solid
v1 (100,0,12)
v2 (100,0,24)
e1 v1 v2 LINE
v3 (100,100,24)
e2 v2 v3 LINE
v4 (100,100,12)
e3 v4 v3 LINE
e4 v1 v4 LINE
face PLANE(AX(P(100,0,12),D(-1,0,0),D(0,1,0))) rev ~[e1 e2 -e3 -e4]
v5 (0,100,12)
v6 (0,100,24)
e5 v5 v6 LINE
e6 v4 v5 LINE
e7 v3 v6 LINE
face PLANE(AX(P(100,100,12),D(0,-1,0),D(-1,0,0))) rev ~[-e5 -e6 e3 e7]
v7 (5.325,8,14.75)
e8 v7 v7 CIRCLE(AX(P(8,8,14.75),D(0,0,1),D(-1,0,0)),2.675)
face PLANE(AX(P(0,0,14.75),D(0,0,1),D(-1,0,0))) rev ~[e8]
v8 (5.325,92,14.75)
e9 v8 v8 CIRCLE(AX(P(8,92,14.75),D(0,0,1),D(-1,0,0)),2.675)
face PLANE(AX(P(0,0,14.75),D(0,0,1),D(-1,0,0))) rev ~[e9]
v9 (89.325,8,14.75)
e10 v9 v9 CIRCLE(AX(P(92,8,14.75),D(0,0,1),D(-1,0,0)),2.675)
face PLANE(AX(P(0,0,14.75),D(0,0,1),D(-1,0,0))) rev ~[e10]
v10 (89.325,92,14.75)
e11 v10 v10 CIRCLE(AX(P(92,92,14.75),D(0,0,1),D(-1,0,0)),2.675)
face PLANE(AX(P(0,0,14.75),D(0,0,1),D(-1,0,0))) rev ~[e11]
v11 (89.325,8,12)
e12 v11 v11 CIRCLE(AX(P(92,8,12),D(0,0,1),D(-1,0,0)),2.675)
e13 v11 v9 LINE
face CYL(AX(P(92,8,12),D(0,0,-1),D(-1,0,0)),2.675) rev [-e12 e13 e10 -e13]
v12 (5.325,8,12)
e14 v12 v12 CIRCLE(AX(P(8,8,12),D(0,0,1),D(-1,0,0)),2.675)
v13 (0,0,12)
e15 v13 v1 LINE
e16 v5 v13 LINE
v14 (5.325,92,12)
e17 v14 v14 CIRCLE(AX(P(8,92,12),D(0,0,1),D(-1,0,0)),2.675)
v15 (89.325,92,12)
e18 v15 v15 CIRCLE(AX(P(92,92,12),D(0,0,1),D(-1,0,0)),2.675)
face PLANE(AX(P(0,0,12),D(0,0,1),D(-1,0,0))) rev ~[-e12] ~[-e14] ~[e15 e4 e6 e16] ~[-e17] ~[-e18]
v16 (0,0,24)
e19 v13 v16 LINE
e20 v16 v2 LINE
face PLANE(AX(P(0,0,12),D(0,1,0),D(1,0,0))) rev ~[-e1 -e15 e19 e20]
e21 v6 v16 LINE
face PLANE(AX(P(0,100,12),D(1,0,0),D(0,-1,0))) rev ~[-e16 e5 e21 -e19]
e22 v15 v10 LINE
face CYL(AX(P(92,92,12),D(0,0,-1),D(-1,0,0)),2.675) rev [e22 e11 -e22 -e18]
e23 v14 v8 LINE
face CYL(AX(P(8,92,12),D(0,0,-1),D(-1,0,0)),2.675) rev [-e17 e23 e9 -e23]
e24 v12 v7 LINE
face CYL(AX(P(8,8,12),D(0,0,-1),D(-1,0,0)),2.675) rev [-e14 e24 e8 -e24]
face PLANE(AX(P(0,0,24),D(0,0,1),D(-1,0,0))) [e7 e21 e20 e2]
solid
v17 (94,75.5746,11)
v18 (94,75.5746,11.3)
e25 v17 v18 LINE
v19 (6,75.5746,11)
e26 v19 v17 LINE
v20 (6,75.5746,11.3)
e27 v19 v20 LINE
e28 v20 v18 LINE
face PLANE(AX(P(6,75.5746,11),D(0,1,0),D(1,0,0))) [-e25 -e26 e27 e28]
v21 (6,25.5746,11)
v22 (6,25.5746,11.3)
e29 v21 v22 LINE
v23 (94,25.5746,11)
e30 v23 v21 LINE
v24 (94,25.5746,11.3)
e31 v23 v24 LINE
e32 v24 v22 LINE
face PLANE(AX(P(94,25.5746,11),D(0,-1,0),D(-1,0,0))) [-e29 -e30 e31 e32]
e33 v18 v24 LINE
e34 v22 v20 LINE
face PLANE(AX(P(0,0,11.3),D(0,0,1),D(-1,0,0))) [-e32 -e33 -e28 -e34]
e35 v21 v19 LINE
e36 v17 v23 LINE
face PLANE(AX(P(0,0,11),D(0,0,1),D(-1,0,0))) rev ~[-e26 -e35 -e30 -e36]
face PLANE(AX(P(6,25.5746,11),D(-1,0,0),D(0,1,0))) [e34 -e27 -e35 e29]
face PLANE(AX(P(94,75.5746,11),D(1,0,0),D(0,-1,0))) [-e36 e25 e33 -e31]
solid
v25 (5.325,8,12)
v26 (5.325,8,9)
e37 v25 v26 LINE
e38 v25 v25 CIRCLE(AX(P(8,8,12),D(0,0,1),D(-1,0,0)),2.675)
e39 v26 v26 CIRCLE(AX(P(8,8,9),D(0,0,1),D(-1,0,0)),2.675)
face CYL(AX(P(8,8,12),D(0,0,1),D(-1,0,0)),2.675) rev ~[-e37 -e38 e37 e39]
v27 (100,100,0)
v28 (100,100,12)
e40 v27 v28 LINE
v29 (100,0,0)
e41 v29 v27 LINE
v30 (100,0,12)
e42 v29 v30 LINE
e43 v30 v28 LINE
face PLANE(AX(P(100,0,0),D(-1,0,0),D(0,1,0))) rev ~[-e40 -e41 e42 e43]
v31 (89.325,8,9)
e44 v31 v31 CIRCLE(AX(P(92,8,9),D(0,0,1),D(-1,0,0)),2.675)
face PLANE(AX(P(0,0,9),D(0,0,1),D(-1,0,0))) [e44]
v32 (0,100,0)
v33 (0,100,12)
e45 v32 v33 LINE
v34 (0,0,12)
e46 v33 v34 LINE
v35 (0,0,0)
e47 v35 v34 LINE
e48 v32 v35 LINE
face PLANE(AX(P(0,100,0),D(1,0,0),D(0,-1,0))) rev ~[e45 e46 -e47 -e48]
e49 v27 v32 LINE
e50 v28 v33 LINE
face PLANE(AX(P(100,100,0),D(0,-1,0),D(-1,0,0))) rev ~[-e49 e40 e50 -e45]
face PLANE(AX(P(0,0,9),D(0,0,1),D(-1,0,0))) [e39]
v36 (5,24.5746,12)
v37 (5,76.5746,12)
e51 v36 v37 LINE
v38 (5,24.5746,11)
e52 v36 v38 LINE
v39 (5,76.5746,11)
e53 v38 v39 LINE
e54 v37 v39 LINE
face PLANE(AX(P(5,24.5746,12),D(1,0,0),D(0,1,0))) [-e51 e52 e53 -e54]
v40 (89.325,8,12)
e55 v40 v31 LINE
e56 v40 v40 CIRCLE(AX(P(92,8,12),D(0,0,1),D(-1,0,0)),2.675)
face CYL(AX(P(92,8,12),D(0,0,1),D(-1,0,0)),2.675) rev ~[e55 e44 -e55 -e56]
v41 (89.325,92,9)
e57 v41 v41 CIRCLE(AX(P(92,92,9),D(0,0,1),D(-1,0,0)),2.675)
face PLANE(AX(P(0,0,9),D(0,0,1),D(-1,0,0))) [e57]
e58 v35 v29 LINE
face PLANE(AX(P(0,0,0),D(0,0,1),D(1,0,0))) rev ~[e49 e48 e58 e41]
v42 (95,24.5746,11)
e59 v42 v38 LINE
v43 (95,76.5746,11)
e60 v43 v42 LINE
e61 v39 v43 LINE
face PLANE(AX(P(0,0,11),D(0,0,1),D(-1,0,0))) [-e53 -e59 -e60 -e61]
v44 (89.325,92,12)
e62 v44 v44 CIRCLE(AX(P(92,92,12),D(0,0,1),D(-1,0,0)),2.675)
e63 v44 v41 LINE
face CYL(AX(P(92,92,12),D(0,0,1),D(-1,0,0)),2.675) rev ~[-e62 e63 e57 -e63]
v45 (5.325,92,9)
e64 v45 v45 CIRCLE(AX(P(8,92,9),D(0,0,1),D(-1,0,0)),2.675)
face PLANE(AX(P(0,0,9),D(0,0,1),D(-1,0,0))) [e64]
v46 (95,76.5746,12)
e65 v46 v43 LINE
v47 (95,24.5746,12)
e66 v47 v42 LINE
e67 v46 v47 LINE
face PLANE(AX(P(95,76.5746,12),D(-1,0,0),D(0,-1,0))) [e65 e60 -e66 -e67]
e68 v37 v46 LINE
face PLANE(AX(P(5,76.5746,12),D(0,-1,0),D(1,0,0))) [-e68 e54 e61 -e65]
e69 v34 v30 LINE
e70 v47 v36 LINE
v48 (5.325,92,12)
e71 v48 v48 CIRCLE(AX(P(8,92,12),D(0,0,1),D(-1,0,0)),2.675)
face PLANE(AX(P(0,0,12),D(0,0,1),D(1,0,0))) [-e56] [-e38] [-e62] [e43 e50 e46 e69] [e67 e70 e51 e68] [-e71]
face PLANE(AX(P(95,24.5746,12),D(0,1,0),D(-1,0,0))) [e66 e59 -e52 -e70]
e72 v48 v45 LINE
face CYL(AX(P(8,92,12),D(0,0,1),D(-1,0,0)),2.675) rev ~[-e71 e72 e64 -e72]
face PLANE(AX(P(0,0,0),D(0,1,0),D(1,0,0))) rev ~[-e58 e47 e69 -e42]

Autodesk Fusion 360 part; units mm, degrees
sketch "Sketch1" plane through (0, 0, 0) normal (0, 0, 1) x (1, 0, 0)
  line L0 (0, 0) -> (100, 0)
  line L1 (100, 0) -> (100, 100)
  line L2 (100, 100) -> (0, 100)
  line L3 (0, 100) -> (0, 0)
  dimension "d1" = 100
  dimension "d2" = 100
extrude "Extrude1" add sketch "Sketch1" along normal blind 12 makes body 1
sketch "Sketch2" plane through (0, 0, 12) normal (0, 0, 1) x (-1, 0, 0)
  line L0 (0, -100) -> (0, 0)
  line L1 (0, 0) -> (-100, 0)
  line L2 (-100, 0) -> (-100, -100)
  line L3 (-100, -100) -> (0, -100)
  line L4 (-8, -8) -> (-92, -8) construction
  line L5 (-92, -8) -> (-92, -92) construction
  line L6 (-92, -92) -> (-8, -92) construction
  line L7 (-8, -92) -> (-8, -8) construction
  circle A0 centre (-8, -92) radius 2.675
  circle A1 centre (-92, -92) radius 2.675
  circle A2 centre (-8, -8) radius 2.675
  circle A3 centre (-92, -8) radius 2.675
  line L8 (-5, -76.5746) -> (-95, -76.5746)
  line L9 (-95, -76.5746) -> (-95, -24.5746)
  line L10 (-95, -24.5746) -> (-5, -24.5746)
  line L11 (-5, -24.5746) -> (-5, -76.5746)
  dimension "d5" = -8
  dimension "d6" = 5.35
  dimension "d7" = 5.35
  dimension "d8" = 5.35
  dimension "d9" = 5.35
  dimension "d10" = 52
  dimension "d11" = 90
  dimension "d12" = 5
extrude "Extrude2" cut sketch "Sketch2" against normal blind 3 contours A0 | A1 | A2 | A3 bodies 1
extrude "Extrude3" cut sketch "Sketch2" against normal blind 1 contours L8 L9 L10 L11 bodies 1
sketch "Sketch3" plane through (0, 0, 11) normal (0, 0, 1) x (-1, 0, 0)
  line L0 (-5, -24.5746) -> (-95, -24.5746)
  line L1 (-95, -24.5746) -> (-95, -76.5746)
  line L2 (-95, -76.5746) -> (-5, -76.5746)
  line L3 (-5, -76.5746) -> (-5, -24.5746)
  line L4 (-6, -75.5746) -> (-94, -75.5746)
  line L5 (-94, -75.5746) -> (-94, -25.5746)
  line L6 (-94, -25.5746) -> (-6, -25.5746)
  line L7 (-6, -25.5746) -> (-6, -75.5746)
  dimension "d17" = 88
  dimension "d18" = 50
  dimension "d19" = 1
  dimension "d20" = 1
extrude "Extrude4" add sketch "Sketch3" along normal blind 0.3 separate body contours L4 L5 L6 L7 makes body 2
sketch "Sketch4" plane through (0, 0, 12) normal (0, 0, 1) x (-1, 0, 0)
  line L0 (-95, -76.5746) -> (-95, -24.5746)
  line L1 (-95, -24.5746) -> (-5, -24.5746)
  line L2 (-5, -24.5746) -> (-5, -76.5746)
  line L3 (-5, -76.5746) -> (-95, -76.5746)
  circle A0 centre (-92, -92) radius 2.675
  circle A1 centre (-92, -8) radius 2.675
  circle A2 centre (-8, -92) radius 2.675
  circle A3 centre (-8, -8) radius 2.675
  line L4 (0, -100) -> (0, 0)
  line L5 (0, 0) -> (-100, 0)
  line L6 (-100, 0) -> (-100, -100)
  line L7 (-100, -100) -> (0, -100)
  line L8 (0, -100) -> (-100, -100)
  line L9 (-100, -100) -> (-100, 0)
  line L10 (-100, 0) -> (0, 0)
  line L11 (0, 0) -> (0, -100)
  circle A4 centre (-8, -92) radius 2.5
  circle A5 centre (-92, -92) radius 2.5
  circle A6 centre (-92, -8) radius 2.5
  circle A7 centre (-8, -8) radius 2.5
extrude "Extrude5" add sketch "Sketch4" along normal blind 12 separate body contours L0 L1 L2 L3 | A0 | A1 | A2 | A3 | L4 L5 L6 L7 L8 L9 L10 L11 | A4 | A5 | A6 | A7 makes body 3
extrude "Extrude6" cut sketch "Sketch4" along normal blind 2.75 contours A0 | A1 | A2 | A3 | A4 | A5 | A6 | A7 bodies 3
